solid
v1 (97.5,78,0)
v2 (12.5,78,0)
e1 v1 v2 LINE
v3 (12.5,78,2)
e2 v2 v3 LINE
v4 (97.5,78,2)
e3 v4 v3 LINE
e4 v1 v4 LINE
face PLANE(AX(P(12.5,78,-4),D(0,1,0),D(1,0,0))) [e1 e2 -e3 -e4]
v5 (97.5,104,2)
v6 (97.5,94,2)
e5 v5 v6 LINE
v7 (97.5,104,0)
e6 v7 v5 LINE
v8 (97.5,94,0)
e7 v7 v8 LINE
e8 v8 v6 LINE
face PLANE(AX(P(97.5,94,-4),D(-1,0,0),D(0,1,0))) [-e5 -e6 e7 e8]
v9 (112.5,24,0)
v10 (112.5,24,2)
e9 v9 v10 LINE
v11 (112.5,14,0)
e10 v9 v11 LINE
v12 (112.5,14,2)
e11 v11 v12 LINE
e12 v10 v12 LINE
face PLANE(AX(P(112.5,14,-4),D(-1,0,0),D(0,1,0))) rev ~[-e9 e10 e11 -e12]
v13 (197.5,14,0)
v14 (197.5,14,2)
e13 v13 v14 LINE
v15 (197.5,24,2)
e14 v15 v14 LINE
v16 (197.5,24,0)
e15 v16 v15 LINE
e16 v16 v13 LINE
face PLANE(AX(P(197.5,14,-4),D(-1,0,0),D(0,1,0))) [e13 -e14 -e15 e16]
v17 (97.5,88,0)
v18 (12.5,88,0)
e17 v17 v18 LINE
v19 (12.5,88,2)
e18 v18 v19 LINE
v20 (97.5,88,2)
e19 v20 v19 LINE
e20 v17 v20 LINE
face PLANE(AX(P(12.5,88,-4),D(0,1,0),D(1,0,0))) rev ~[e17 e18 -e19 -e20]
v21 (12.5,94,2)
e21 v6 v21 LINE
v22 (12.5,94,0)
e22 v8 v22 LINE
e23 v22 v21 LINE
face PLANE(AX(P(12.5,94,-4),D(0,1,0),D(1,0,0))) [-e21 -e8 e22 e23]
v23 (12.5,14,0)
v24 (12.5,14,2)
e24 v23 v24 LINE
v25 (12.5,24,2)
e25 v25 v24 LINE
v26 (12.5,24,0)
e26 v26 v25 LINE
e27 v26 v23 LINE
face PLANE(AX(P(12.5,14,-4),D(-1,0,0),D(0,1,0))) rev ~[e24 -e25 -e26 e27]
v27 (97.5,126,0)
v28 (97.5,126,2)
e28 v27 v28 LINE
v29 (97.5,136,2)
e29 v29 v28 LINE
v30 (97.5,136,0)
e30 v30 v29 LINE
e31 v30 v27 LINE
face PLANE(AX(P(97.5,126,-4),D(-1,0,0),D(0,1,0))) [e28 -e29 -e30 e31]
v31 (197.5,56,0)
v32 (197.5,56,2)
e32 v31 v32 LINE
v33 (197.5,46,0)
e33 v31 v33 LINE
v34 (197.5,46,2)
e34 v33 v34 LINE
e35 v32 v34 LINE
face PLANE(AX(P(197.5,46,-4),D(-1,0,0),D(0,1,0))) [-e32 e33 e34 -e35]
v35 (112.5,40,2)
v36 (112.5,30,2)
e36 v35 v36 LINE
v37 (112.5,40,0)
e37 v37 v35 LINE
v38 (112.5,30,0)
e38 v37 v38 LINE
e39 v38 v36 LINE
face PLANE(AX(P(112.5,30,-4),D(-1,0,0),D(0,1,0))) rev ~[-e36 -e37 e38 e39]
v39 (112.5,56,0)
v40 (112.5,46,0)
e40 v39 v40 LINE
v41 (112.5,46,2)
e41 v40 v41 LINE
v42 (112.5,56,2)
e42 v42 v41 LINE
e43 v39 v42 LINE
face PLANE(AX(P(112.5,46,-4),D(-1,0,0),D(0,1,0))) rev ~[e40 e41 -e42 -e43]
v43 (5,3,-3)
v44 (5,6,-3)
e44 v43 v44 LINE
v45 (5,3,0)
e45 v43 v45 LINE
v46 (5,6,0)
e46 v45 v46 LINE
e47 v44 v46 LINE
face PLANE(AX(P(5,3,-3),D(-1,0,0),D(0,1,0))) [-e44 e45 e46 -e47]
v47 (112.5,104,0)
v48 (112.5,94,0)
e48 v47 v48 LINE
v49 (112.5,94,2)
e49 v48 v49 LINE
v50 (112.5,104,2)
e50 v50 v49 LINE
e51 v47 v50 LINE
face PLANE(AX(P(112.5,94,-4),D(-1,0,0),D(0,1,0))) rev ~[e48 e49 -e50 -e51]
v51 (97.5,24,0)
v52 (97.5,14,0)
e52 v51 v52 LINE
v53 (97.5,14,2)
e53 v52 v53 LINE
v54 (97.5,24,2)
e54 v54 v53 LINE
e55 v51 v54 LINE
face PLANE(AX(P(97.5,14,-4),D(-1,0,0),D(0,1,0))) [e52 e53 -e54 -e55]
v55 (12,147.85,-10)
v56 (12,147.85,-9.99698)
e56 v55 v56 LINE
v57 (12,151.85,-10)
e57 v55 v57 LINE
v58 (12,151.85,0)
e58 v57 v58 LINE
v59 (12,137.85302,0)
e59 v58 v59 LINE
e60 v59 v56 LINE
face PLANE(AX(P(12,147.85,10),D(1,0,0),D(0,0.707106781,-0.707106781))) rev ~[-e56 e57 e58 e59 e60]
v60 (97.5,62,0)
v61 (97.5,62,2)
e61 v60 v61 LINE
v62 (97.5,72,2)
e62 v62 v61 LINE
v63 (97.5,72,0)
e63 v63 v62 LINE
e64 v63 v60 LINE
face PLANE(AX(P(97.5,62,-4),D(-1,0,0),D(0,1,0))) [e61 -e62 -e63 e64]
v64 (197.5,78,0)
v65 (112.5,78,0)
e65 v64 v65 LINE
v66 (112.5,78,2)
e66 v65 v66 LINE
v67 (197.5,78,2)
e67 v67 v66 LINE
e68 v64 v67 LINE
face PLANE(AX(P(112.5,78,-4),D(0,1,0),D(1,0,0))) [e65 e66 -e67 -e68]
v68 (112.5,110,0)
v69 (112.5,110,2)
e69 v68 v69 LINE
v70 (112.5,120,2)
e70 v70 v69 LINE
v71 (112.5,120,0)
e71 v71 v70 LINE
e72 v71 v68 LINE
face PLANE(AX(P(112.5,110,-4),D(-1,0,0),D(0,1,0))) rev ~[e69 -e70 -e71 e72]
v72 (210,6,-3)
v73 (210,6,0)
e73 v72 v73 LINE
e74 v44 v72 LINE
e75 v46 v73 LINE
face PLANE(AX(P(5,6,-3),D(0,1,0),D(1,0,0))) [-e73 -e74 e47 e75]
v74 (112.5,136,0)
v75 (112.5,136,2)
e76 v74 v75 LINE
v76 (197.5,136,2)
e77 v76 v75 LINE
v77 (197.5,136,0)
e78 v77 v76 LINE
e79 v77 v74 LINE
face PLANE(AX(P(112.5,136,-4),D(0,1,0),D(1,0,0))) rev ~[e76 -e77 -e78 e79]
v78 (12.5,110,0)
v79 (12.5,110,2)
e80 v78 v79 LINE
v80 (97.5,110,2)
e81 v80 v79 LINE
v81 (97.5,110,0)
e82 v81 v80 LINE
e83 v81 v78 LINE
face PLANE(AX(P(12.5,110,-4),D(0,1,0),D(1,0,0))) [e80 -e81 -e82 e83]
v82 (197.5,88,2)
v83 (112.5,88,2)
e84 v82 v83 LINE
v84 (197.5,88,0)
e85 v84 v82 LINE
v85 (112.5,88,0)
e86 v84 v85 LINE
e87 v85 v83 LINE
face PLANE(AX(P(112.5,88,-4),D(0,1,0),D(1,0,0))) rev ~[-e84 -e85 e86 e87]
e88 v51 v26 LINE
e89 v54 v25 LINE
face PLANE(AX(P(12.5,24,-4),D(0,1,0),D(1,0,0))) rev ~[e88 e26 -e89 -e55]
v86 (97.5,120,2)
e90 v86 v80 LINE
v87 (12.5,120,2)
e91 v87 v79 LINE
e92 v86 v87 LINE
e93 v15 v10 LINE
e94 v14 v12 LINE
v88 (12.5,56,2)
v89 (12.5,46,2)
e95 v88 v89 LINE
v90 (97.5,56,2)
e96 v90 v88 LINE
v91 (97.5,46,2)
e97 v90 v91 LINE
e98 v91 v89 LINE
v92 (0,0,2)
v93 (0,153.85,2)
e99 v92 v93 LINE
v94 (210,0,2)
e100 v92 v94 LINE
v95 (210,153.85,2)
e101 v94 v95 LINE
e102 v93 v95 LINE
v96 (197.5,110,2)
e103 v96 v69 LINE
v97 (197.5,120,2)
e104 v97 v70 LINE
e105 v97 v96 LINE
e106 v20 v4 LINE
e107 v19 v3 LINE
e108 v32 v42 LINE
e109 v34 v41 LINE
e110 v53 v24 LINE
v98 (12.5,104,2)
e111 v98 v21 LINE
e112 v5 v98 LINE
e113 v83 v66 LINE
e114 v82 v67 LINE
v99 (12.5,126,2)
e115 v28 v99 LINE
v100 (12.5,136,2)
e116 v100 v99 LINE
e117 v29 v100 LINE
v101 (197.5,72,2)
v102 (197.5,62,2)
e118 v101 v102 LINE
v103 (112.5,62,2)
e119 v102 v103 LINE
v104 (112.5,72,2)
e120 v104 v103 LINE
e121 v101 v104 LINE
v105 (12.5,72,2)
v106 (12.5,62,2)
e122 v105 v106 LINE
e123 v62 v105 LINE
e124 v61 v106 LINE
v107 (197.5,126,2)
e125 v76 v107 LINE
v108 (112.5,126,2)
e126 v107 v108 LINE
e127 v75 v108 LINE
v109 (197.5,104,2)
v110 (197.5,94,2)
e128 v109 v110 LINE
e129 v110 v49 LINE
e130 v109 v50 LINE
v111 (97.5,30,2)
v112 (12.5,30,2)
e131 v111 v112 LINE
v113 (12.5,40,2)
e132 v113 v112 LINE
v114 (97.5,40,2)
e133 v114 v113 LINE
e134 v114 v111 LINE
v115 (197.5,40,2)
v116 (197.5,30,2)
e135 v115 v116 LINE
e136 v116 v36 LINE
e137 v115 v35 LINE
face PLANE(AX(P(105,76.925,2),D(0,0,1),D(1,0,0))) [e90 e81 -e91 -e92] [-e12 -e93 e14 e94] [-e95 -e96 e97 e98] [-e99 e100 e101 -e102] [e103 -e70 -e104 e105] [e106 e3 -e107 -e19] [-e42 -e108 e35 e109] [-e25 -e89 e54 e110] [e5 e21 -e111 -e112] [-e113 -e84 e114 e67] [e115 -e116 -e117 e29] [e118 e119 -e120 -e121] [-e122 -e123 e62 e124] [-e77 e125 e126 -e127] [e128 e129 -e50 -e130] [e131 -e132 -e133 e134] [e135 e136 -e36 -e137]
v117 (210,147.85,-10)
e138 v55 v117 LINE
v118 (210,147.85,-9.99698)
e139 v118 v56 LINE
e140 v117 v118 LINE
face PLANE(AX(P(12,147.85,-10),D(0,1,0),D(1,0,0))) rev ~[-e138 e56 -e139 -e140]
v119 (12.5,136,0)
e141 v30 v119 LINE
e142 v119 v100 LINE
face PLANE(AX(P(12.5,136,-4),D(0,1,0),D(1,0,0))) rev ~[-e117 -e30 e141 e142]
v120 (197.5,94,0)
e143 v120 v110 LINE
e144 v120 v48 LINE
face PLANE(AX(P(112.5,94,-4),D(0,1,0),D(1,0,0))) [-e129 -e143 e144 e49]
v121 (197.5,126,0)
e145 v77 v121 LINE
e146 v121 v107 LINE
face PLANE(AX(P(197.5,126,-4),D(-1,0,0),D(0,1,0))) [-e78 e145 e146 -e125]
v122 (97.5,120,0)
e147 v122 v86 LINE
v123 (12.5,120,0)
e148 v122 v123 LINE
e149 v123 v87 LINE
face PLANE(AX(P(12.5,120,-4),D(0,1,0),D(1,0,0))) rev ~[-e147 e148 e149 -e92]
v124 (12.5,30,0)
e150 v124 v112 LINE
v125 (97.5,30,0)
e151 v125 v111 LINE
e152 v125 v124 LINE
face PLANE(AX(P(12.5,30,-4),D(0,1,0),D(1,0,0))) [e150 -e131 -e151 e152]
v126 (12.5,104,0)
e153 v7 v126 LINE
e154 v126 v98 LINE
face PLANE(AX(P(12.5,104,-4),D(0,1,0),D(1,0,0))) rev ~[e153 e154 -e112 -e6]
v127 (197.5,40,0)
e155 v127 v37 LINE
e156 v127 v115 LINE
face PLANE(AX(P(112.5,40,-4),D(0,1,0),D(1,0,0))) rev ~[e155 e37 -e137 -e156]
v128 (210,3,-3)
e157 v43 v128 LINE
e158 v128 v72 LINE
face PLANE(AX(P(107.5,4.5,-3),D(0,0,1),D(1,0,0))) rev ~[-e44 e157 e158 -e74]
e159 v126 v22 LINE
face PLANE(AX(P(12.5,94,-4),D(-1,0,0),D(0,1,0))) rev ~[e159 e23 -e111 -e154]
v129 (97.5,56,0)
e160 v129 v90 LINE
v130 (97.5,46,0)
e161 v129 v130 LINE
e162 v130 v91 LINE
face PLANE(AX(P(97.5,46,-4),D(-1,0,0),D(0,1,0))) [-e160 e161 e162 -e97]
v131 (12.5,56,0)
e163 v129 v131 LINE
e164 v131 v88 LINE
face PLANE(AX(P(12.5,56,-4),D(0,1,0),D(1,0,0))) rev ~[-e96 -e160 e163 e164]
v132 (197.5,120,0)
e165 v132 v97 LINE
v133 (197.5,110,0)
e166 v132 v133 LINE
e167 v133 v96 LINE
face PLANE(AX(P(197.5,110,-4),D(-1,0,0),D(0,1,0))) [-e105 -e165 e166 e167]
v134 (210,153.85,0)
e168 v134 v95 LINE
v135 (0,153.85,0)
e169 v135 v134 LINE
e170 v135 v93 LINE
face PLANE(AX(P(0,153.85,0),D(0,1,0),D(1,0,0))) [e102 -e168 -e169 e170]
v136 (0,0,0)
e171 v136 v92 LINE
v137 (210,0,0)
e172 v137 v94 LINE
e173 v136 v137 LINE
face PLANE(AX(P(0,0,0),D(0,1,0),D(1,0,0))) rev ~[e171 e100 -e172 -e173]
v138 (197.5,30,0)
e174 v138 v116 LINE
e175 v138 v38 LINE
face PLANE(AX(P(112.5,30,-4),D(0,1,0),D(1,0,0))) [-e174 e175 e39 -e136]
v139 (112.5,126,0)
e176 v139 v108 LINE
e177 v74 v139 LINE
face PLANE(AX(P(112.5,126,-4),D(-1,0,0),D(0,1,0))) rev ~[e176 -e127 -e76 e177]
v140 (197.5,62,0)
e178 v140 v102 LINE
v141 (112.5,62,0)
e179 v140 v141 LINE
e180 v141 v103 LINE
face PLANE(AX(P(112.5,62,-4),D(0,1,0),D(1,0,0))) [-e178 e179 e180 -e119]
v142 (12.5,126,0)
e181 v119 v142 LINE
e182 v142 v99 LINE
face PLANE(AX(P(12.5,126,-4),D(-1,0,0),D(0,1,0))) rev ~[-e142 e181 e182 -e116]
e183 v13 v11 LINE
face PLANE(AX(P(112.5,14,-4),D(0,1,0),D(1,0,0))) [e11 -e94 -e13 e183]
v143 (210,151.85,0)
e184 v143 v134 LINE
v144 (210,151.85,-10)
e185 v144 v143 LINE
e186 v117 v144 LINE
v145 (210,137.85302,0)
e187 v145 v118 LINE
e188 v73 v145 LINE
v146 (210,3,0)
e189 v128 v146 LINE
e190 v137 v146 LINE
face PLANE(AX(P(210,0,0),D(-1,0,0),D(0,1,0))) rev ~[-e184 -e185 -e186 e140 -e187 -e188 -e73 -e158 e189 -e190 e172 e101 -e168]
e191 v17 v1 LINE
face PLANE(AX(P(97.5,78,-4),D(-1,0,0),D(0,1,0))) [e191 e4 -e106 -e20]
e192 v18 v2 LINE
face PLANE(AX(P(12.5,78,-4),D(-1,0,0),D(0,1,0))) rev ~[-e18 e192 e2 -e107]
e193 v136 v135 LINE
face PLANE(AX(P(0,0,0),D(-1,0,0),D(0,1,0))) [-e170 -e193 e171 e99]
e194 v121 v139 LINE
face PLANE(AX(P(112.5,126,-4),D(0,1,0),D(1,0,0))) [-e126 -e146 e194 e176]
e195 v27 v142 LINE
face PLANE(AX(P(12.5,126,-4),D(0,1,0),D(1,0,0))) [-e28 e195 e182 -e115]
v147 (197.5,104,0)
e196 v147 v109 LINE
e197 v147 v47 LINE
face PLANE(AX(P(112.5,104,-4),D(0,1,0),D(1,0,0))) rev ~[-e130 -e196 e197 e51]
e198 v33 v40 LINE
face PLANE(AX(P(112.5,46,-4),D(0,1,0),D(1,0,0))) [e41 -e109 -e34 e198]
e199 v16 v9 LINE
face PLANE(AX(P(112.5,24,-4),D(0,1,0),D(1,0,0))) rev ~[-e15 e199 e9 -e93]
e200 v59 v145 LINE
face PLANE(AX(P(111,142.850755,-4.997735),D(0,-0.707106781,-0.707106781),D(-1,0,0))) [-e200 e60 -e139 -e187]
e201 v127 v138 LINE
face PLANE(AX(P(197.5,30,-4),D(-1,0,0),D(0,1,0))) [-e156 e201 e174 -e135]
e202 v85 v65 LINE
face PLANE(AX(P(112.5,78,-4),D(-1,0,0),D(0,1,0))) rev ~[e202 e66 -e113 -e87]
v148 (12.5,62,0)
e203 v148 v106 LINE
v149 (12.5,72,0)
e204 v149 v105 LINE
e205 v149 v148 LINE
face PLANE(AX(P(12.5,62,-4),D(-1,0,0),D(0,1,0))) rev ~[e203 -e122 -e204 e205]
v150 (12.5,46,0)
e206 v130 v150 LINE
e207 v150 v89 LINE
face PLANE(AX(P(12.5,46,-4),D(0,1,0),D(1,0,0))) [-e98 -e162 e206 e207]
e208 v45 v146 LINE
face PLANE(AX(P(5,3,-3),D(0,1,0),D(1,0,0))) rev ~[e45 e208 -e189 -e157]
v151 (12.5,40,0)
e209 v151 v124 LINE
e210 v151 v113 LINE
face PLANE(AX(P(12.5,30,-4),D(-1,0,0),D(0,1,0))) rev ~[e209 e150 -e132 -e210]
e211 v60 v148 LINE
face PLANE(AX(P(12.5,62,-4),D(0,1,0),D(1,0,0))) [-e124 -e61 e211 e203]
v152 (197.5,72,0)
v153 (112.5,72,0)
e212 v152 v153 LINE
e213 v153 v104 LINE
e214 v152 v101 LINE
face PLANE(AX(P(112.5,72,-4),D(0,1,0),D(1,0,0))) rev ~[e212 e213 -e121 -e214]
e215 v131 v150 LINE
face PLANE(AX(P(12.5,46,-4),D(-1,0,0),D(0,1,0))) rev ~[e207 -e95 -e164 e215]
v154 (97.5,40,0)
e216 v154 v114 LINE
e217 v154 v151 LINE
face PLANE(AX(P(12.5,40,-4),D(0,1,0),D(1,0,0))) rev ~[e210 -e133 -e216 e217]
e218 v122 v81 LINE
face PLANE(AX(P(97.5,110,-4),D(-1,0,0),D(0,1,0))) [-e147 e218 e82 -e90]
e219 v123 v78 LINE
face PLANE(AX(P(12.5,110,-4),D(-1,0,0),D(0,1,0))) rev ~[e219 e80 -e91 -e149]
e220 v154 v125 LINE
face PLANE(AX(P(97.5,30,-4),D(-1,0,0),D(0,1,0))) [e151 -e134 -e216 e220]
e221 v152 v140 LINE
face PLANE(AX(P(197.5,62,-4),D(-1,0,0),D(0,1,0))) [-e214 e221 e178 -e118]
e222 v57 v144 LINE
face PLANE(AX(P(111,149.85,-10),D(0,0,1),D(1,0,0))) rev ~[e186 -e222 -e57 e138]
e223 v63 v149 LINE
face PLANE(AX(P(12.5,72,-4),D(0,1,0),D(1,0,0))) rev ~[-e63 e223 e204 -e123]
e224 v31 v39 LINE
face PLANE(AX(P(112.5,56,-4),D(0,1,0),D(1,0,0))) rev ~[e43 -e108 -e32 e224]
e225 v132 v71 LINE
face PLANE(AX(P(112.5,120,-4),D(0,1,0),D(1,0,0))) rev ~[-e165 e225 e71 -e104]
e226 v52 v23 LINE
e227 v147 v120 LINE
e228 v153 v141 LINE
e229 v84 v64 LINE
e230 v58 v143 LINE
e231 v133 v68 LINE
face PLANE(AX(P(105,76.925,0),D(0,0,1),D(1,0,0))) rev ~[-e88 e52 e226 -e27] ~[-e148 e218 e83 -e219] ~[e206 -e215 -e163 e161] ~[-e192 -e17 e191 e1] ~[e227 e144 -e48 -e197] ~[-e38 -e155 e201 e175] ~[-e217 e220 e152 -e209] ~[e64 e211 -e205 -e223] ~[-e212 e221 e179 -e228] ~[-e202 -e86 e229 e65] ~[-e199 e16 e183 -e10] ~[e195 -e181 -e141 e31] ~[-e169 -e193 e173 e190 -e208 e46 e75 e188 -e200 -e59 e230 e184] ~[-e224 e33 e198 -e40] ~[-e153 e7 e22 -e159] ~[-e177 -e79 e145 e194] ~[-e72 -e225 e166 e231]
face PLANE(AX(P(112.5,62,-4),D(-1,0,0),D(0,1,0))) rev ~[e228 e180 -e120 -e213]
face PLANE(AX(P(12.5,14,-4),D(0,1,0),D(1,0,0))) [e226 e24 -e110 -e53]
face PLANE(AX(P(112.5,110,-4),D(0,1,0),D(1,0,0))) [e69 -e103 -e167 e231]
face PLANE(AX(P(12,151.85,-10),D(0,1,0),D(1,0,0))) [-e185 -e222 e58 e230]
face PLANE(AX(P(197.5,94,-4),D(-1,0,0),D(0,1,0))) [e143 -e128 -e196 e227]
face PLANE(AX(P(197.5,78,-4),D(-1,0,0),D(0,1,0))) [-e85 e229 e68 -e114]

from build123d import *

# Parameters (mm, degrees)
BOX006_W               = 85
BOX006_H               = 10
BOX006_DEPTH           = 10
ARRAY_X_COUNT          = 2
ARRAY_X_PITCH          = 100
ARRAY_Y_COUNT          = 8
ARRAY_Y_PITCH          = 16
BOX004_W               = 220
BOX004_H               = 36
BOX004_DEPTH           = 10
BOX005_W               = 220
BOX005_H               = 10
BOX005_DEPTH           = 27
BOX003_W               = 198
BOX003_H               = 14.14
BOX003_DEPTH           = 14.14
BOX003_ROLL_ANGLE      = 45
CUT001_PLACEMENT_ANGLE = 180
BOX001_W               = 198
BOX001_H               = 4
BOX001_DEPTH           = 10
BOX002_W               = 205
BOX002_H               = 3
BOX002_DEPTH           = 3
BOX_W                  = 210
BOX_H                  = 153.85
BOX_DEPTH              = 2


with BuildPart() as array:
    # Box006 → Box006 (new body)
    with BuildSketch(Plane(origin=(12.5, 14, 0), x_dir=(1, 0, 0), z_dir=(0, 0, 1))):
        with Locations((42.5, 5)):
            Rectangle(BOX006_W, BOX006_H)
    extrude(amount=BOX006_DEPTH)

    # Array X: Array ×2


with BuildPart() as array_1:
    add(array.part)
    with Locations(*[(i * ARRAY_X_PITCH, 0, 0) for i in range(1, ARRAY_X_COUNT)]):
        add(array.part)

    # Array Y: Array ×8


with BuildPart() as array_2:
    add(array_1.part)
    with Locations(*[(0, i * ARRAY_Y_PITCH, 0) for i in range(1, ARRAY_Y_COUNT)]):
        add(array_1.part)


with BuildPart() as array_3:
    # Array placement: moved
    add(array_2.part.moved(Location((0, 0, -4))))


with BuildPart() as cube001:
    # Box004 → Box004 (new body)
    with BuildSketch(Plane(origin=(-6, 76, 40), x_dir=(1, 0, 0), z_dir=(0, 0, 1))):
        with Locations((110, 18)):
            Rectangle(BOX004_W, BOX004_H)
    extrude(amount=BOX004_DEPTH)


with BuildPart() as cube002:
    # Box005 → Box005 (new body)
    with BuildSketch(Plane(origin=(-7, 110, 72), x_dir=(1, 0, 0), z_dir=(0, 0, -1))):
        with Locations((110, 5)):
            Rectangle(BOX005_W, BOX005_H)
    extrude(amount=BOX005_DEPTH)


with BuildPart() as cut001:
    # Box003 → Box003 (new body)
    with BuildSketch(Plane.XY):
        with Locations((99, 7.07)):
            Rectangle(BOX003_W, BOX003_H)
    extrude(amount=BOX003_DEPTH)


with BuildPart() as cut001_1:
    # Box003 roll: moved
    add(cut001.part.rotate(Axis((0, 0, 0), (1, 0, 0)), BOX003_ROLL_ANGLE))


with BuildPart() as cut001_2:
    # Box003 placement: moved
    add(cut001_1.part.moved(Location((0, 100, 40))))

    # Cut: cut Cube002
    add(cube002.part, mode=Mode.SUBTRACT)

    # Cut001: cut Cube001
    add(cube001.part, mode=Mode.SUBTRACT)


with BuildPart() as cut001_3:
    # Cut001 placement: moved
    add(cut001_2.part.moved(Location((210, 51.85, 50))).rotate(Axis((210, 51.85, 50), (0, 1, 0)), CUT001_PLACEMENT_ANGLE))


with BuildPart() as fusion002002:
    # Box001 → Box001 (new body)
    with BuildSketch(Plane(origin=(12, 151.85, -10), x_dir=(1, 0, 0), z_dir=(0, 0, 1))):
        with Locations((99, 2)):
            Rectangle(BOX001_W, BOX001_H)
    extrude(amount=BOX001_DEPTH)

    # Fusion002002: union Cut001
    add(cut001_3.part)


with BuildPart() as fusion002002_1:
    # Fusion002002 placement: moved
    add(fusion002002.part.moved(Location((0, -4, 0))))


with BuildPart() as fleje_abajo:
    # Box002 → Box002 (new body)
    with BuildSketch(Plane(origin=(5, 3, -3), x_dir=(1, 0, 0), z_dir=(0, 0, 1))):
        with Locations((102.5, 1.5)):
            Rectangle(BOX002_W, BOX002_H)
    extrude(amount=BOX002_DEPTH)


with BuildPart() as cut002:
    # Box → Box (new body)
    with BuildSketch(Plane.XY):
        with Locations((105, 76.925)):
            Rectangle(BOX_W, BOX_H)
    extrude(amount=BOX_DEPTH)

    # Fusion: union fleje abajo
    add(fleje_abajo.part)

    # Fusion002003: union Fusion002002
    add(fusion002002_1.part)

    # Cut002: cut Array
    add(array_3.part, mode=Mode.SUBTRACT)


solid = cut002.part
